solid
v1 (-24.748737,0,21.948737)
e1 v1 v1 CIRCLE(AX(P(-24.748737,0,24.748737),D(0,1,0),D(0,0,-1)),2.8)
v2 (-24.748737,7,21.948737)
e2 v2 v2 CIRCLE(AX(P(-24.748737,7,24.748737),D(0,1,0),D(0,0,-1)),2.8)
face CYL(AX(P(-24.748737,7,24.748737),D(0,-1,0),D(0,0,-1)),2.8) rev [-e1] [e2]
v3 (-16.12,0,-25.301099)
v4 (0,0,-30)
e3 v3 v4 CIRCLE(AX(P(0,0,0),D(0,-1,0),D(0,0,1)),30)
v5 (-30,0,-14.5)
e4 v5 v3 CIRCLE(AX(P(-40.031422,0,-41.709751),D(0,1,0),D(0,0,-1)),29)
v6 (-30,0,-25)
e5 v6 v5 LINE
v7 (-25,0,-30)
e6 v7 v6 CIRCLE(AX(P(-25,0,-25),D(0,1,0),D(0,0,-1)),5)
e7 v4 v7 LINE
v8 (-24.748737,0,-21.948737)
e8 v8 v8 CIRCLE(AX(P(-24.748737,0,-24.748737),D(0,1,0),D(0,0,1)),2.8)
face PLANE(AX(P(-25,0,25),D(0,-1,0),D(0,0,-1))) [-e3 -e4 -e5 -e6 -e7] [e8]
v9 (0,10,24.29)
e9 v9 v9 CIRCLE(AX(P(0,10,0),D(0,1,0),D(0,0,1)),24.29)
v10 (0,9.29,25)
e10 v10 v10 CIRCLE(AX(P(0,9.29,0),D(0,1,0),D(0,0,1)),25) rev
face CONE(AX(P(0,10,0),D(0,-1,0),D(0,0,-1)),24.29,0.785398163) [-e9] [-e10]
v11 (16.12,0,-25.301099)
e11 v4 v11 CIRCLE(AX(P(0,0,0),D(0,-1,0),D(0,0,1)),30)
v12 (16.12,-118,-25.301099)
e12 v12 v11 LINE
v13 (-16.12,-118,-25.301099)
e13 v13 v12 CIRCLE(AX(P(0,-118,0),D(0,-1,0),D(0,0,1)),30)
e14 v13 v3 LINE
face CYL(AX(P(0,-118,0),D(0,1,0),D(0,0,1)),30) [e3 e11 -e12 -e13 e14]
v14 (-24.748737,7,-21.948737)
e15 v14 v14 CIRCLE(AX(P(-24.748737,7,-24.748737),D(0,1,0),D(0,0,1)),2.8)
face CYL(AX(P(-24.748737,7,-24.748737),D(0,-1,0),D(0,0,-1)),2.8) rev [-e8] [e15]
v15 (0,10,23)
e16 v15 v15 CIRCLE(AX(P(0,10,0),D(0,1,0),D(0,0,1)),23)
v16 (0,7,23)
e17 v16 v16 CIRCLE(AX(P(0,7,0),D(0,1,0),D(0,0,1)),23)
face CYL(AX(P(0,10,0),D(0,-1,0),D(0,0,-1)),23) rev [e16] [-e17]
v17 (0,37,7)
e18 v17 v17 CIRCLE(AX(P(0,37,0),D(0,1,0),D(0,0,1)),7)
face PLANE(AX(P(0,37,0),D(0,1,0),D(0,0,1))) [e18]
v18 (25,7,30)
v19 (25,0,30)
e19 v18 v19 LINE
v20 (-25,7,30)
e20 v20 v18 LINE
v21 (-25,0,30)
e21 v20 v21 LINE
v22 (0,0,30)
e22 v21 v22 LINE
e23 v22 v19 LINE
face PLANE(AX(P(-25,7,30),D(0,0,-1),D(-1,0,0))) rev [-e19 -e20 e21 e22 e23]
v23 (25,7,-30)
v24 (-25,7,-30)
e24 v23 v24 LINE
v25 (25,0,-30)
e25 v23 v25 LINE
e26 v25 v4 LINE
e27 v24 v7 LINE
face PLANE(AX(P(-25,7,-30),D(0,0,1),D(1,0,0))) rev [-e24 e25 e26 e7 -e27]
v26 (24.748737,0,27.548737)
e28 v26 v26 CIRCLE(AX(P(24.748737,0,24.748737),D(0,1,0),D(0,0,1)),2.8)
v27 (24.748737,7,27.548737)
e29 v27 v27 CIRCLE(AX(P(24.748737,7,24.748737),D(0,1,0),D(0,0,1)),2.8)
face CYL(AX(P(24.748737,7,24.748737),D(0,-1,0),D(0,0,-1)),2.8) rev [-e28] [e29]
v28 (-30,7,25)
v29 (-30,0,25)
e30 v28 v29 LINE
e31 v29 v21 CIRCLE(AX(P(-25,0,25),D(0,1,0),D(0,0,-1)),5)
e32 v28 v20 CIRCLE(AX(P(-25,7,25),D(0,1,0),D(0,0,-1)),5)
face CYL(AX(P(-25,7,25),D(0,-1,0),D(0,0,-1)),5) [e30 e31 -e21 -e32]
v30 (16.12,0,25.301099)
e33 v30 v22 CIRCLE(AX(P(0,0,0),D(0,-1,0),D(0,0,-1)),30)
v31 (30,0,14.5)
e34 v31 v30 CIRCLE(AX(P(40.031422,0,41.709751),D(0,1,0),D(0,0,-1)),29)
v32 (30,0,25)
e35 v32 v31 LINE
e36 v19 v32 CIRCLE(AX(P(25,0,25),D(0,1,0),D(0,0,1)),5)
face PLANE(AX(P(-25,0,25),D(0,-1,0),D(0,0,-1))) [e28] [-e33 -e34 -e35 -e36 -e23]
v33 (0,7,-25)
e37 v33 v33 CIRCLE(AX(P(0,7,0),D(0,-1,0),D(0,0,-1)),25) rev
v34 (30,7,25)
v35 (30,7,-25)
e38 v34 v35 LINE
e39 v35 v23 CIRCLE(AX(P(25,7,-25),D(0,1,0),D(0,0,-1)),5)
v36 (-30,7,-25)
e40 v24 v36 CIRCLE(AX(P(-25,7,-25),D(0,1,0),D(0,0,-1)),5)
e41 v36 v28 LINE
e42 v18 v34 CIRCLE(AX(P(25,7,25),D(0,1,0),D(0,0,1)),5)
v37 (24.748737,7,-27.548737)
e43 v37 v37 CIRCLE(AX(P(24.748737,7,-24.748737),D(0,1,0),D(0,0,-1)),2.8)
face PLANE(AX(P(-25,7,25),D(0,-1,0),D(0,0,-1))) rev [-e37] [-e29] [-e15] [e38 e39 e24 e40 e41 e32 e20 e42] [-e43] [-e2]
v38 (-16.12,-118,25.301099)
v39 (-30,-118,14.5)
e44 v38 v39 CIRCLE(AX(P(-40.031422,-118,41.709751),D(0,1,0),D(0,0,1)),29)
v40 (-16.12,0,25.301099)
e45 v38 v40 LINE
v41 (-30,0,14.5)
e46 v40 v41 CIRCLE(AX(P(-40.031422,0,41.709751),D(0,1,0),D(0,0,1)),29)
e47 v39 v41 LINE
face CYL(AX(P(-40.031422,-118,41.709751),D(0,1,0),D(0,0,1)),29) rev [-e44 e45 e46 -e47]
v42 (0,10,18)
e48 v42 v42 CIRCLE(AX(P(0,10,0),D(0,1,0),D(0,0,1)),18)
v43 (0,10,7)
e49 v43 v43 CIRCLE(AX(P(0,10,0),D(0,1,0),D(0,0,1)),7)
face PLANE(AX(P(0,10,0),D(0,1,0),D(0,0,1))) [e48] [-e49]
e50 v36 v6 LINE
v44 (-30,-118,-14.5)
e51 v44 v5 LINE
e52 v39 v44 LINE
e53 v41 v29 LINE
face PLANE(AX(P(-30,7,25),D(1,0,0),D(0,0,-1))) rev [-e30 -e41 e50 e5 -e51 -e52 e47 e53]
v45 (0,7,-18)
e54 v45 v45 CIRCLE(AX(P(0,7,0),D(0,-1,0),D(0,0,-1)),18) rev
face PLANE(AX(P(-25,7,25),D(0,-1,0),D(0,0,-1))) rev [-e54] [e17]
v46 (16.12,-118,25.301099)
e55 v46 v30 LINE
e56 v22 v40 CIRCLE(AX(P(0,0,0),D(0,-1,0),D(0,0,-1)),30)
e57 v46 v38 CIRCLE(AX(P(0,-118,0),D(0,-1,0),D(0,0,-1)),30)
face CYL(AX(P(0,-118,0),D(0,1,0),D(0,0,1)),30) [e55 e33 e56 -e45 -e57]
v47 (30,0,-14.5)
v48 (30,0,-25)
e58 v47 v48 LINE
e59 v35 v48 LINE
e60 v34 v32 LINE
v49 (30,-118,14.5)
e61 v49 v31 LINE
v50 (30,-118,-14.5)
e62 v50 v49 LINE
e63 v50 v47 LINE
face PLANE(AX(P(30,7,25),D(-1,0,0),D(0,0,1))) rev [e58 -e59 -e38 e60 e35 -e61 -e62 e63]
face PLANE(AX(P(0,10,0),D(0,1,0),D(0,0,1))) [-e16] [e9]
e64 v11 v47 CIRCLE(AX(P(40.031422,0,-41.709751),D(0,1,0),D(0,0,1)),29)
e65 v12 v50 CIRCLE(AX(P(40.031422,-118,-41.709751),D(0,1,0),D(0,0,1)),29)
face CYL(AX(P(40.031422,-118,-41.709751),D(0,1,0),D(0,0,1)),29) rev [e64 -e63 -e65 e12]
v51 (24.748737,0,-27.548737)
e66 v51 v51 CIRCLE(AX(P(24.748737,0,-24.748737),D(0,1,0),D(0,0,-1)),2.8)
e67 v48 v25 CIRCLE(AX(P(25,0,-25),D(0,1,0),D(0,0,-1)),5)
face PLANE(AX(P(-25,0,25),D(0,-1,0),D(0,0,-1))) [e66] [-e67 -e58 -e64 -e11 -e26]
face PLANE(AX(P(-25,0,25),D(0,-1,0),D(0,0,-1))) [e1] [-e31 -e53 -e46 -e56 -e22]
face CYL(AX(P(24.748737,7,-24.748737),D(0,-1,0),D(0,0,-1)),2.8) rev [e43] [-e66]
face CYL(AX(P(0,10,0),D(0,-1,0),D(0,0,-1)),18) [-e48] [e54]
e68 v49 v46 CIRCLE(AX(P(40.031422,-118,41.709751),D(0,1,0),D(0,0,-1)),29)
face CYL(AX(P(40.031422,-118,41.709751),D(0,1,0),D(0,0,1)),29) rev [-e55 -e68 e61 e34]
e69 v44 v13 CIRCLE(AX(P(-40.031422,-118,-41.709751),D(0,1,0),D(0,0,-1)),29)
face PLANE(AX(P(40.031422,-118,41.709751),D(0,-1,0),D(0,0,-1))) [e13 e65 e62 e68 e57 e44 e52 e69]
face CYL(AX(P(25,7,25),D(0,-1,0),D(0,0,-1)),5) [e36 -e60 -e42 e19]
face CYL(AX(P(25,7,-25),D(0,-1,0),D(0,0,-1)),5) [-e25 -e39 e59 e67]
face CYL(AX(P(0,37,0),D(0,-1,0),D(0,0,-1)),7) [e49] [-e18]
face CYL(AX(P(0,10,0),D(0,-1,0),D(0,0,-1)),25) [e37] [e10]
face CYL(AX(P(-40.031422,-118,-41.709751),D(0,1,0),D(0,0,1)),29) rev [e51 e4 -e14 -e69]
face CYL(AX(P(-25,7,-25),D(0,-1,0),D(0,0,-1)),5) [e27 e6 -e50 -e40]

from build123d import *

# Parameters (mm, degrees)
SKETCH1_R           = 2.8
BOSS_EXTRUDE1_DEPTH = 7
SKETCH2_R           = 25
SKETCH2_R_2         = 23
SKETCH2_R_3         = 18
BOSS_EXTRUDE3_DEPTH = 3
CHAMFER2_SIZE       = 0.71
BOSS_EXTRUDE4_DEPTH = 118
SKETCH5_R           = 7
BOSS_EXTRUDE5_DEPTH = 27


with BuildPart() as part:
    # Sketch1 → Boss-Extrude1 (new body)
    with BuildSketch(Plane(origin=(0, 0, 0), x_dir=(1, 0, 0), z_dir=(0, 1, 0))):
        with BuildLine():
            Line((-25, -30), (25, -30))
            ThreePointArc((25, -30), (28.535533906, -28.535533906), (30, -25))
            Line((30, -25), (30, 25))
            ThreePointArc((30, 25), (28.535533906, 28.535533906), (25, 30))
            Line((25, 30), (-25, 30))
            ThreePointArc((-25, 30), (-28.535533906, 28.535533906), (-30, 25))
            Line((-30, 25), (-30, -25))
            ThreePointArc((-30, -25), (-28.535533906, -28.535533906), (-25, -30))
        make_face()
        with Locations((-24.748737342, 24.748737342)):
            Circle(SKETCH1_R, mode=Mode.SUBTRACT)
        with Locations((24.748737342, 24.748737342)):
            Circle(SKETCH1_R, mode=Mode.SUBTRACT)
        with Locations((24.748737342, -24.748737342)):
            Circle(SKETCH1_R, mode=Mode.SUBTRACT)
        with Locations((-24.748737342, -24.748737342)):
            Circle(SKETCH1_R, mode=Mode.SUBTRACT)
    extrude(amount=BOSS_EXTRUDE1_DEPTH)

    # Sketch2 → Boss-Extrude3 (add)
    with BuildSketch(Plane(origin=(0, 7, 0), x_dir=(1, 0, 0), z_dir=(0, 1, 0))):
        Circle(SKETCH2_R)
        Circle(SKETCH2_R_2, mode=Mode.SUBTRACT)
        Circle(SKETCH2_R_3)
    extrude(amount=BOSS_EXTRUDE3_DEPTH)

    # Chamfer2
    chamfer2_edges = [part.edges().sort_by_distance(p)[0] for p in [
        (-25, 10, 0),
    ]]
    chamfer(chamfer2_edges, length=CHAMFER2_SIZE)

    # Sketch3 → Boss-Extrude4 (add)
    with BuildSketch(Plane.XZ):
        with BuildLine():
            Line((-30, 14.5), (-30, -14.5))
            ThreePointArc((-30, -14.5), (-22.221450139, -18.82296717), (-16.12, -25.30109879))
            ThreePointArc((-16.12, -25.30109879), (0, -30), (16.12, -25.30109879))
            ThreePointArc((16.12, -25.30109879), (22.221450139, -18.82296717), (30, -14.5))
            Line((30, -14.5), (30, 14.5))
            ThreePointArc((30, 14.5), (22.221450139, 18.82296717), (16.12, 25.30109879))
            ThreePointArc((16.12, 25.30109879), (0, 30), (-16.12, 25.30109879))
            ThreePointArc((-16.12, 25.30109879), (-22.221450139, 18.82296717), (-30, 14.5))
        make_face()
    extrude(amount=BOSS_EXTRUDE4_DEPTH)

    # Sketch5 → Boss-Extrude5 (add)
    with BuildSketch(Plane(origin=(0, 10, 0), x_dir=(1, 0, 0), z_dir=(0, 1, 0))):
        Circle(SKETCH5_R)
    extrude(amount=BOSS_EXTRUDE5_DEPTH)


solid = part.part
